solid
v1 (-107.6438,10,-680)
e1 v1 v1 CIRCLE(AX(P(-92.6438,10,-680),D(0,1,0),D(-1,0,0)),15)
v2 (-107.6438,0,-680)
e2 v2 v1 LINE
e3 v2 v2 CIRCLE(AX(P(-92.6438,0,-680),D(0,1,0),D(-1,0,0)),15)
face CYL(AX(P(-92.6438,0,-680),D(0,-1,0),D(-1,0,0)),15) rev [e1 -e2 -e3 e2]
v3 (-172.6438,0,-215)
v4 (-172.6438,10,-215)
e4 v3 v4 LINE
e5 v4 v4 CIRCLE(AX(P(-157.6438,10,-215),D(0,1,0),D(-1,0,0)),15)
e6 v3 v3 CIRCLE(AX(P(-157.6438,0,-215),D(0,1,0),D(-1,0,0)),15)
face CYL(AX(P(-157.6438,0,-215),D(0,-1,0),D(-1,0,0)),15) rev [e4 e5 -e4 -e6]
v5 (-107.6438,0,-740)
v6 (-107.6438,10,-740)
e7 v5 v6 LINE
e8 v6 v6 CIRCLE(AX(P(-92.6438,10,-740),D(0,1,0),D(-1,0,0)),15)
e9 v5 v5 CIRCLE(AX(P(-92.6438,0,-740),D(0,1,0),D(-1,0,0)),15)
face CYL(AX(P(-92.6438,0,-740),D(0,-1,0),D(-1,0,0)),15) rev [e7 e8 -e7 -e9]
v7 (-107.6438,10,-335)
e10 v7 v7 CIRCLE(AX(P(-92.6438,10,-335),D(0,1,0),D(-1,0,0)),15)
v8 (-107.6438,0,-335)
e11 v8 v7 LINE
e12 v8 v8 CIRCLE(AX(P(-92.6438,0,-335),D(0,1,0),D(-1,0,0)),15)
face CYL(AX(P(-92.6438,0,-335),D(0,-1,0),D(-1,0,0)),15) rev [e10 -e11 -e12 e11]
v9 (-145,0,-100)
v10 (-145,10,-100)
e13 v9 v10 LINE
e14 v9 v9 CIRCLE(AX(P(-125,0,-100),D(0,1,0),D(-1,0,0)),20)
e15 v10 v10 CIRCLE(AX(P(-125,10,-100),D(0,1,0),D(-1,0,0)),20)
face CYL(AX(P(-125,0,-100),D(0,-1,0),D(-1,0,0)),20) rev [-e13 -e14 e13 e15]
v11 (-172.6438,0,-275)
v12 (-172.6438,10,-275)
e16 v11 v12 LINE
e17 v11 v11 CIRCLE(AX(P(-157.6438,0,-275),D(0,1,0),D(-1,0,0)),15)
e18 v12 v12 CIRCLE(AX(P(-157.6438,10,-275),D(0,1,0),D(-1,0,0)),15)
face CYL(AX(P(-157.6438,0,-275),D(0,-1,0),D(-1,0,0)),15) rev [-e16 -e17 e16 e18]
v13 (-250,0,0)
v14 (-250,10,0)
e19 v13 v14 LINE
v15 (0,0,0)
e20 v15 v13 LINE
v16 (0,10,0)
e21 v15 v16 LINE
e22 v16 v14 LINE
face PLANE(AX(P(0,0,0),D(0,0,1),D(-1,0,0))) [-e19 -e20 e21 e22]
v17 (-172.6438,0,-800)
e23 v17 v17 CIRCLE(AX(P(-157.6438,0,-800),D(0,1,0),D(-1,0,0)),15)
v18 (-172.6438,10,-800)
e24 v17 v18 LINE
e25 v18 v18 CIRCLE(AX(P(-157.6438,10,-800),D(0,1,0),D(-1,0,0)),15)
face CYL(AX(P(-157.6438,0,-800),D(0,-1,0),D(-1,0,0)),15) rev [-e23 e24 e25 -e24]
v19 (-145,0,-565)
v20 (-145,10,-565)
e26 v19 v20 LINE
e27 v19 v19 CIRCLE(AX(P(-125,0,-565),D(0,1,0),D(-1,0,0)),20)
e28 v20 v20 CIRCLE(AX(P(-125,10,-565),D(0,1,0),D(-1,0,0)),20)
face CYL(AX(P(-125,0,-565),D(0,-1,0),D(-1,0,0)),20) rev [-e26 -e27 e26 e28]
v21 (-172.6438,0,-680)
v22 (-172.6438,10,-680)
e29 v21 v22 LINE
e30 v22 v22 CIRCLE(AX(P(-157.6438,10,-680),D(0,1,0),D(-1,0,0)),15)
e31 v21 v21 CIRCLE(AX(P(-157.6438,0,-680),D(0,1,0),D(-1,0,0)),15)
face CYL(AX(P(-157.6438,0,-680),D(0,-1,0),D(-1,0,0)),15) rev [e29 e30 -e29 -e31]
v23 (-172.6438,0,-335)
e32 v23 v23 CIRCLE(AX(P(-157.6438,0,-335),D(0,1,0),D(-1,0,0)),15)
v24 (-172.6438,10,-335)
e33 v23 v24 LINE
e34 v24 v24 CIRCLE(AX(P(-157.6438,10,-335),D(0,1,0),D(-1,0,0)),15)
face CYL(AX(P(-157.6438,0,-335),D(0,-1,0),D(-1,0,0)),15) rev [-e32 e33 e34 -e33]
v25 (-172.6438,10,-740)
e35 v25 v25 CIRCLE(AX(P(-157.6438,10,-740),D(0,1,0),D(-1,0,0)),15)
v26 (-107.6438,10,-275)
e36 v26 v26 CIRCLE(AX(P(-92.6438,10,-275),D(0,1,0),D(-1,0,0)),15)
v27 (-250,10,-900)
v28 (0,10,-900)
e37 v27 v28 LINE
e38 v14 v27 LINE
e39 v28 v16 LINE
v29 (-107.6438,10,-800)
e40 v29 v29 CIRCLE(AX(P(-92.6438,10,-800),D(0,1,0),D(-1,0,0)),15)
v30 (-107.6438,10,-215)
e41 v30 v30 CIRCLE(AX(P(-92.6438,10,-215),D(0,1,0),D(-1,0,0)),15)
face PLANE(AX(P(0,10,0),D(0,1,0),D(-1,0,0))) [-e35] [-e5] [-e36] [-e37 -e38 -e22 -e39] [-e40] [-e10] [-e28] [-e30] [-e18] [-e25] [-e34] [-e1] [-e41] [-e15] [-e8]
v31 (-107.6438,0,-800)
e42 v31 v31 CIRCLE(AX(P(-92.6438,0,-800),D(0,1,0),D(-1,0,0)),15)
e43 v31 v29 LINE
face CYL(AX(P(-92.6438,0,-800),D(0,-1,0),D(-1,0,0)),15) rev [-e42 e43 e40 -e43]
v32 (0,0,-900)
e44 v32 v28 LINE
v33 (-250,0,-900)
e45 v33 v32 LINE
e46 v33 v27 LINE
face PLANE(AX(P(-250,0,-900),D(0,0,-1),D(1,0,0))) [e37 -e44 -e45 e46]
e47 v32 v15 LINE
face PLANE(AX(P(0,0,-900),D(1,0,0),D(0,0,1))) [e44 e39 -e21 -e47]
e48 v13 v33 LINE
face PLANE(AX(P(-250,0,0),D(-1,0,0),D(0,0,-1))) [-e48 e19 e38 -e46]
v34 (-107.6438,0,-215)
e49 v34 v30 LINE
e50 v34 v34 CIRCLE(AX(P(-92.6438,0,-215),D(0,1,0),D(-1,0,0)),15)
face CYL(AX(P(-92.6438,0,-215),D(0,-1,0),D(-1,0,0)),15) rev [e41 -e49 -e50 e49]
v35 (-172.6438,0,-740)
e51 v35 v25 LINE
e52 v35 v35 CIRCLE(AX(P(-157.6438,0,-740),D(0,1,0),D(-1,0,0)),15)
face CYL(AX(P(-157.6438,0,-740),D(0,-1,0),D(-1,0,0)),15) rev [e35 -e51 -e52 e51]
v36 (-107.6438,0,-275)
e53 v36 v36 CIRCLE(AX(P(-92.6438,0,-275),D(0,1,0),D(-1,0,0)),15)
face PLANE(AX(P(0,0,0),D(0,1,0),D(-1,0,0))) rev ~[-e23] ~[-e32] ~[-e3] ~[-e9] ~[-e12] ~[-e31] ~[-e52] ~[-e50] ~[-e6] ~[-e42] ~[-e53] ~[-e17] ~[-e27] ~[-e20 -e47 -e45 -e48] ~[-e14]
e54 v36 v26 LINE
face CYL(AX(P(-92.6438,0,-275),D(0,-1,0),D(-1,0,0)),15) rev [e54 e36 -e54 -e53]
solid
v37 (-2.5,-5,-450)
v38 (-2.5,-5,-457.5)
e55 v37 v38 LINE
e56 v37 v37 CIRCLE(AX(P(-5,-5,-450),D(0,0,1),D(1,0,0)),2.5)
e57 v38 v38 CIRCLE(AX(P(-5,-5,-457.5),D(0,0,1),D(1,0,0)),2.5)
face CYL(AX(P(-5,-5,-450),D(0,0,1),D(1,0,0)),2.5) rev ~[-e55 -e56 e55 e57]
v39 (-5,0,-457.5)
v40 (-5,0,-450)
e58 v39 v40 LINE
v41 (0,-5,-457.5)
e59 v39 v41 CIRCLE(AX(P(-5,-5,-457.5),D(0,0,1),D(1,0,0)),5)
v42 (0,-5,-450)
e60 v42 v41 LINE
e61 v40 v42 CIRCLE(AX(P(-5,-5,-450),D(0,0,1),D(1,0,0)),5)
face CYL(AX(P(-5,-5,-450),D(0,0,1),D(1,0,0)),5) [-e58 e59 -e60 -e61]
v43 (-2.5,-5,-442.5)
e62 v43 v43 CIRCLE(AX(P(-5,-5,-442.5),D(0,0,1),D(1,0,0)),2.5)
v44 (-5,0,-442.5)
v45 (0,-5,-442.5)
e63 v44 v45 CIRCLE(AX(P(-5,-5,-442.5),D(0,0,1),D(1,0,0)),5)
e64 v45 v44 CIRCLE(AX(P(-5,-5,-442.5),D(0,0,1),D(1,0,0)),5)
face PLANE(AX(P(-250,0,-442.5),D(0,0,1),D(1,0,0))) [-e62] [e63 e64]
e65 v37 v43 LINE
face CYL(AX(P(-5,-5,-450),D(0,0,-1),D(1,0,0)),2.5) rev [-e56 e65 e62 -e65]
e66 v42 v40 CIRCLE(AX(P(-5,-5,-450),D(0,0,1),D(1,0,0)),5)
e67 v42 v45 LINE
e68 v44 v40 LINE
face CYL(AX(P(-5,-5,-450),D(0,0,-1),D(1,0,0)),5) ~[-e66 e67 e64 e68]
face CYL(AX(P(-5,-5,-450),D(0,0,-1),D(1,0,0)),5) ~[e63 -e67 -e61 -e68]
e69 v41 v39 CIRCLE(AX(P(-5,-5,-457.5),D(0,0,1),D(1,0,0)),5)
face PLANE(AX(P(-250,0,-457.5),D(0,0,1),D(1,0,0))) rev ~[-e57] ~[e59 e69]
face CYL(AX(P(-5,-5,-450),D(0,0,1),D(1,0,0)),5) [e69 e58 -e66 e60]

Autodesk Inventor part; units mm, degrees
ref_plane "YZ Plane" through (0, 0, 0) normal (1, 0, 0) x (0, 1, 0)
ref_plane "XZ Plane" through (0, 0, 0) normal (0, 1, 0) x (-1, 0, 0)
sketch "Sketch1" plane through (0, 0, 0) normal (0, 1, 0) x (-1, 0, 0)
  line L0 (0, 0) -> (250, 0)
  line L1 (250, 0) -> (250, -900)
  line L2 (250, -900) -> (0, -900)
  line L3 (0, -900) -> (0, 0)
  circle A0 centre (125, -100) radius 20
  circle A1 centre (157.6438, -215) radius 15
  circle A2 centre (157.6438, -275) radius 15
  circle A3 centre (157.6438, -335) radius 15
  circle A4 centre (92.6438, -215) radius 15
  circle A5 centre (92.6438, -275) radius 15
  circle A6 centre (92.6438, -335) radius 15
  line L4 (250, -450) -> (0, -450) construction
  circle A7 centre (157.6438, -680) radius 15
  circle A8 centre (157.6438, -740) radius 15
  circle A9 centre (157.6438, -800) radius 15
  circle A10 centre (92.6438, -680) radius 15
  circle A11 centre (92.6438, -740) radius 15
  circle A12 centre (92.6438, -800) radius 15
  circle A13 centre (125, -565) radius 20
  dimension "d0" = 250
  dimension "d1" = 900
  dimension "d2" = 100
  dimension "d3" = 125
  dimension "d4" = 40
  dimension "d5" = 30
  dimension "d11" = 60
  dimension "d18" = 65
  dimension "d20" = 215
  dimension "d37" = 30
  dimension "d38" = 60
  dimension "d39" = 65
  dimension "d40" = 100
  dimension "d41" = 100
  dimension "d42" = 60
  dimension "d43" = 60
  dimension "d44" = 60
  dimension "d45" = 125
  dimension "d47" = 115
  dimension "d48" = 60
  dimension "d49" = 115
  dimension "d50" = 115
  dimension "d51" = 65
  dimension "d52" = 65
ref_plane "Work Plane1" through (-250, 0, -450) normal (0, 0, 1) x (1, 0, 0)
sketch "Sketch3" plane through (-250, 0, -450) normal (0, 0, 1) x (1, 0, 0)
  circle A0 centre (245, -5) radius 2.5
  circle A1 centre (245, -5) radius 5
  line L0 (250, 0) -> (250, -14.5322) construction
  line L1 (250, 0) -> (0, 0) construction
  dimension "d24" = 5
  dimension "d25" = 10
extrude "Extrusion2" add sketch "Sketch3" along normal mid plane 15
extrude "Extrusion3" add sketch "Sketch1" along normal blind 10
properties part number "joystick" material "Wood (Oak)"
